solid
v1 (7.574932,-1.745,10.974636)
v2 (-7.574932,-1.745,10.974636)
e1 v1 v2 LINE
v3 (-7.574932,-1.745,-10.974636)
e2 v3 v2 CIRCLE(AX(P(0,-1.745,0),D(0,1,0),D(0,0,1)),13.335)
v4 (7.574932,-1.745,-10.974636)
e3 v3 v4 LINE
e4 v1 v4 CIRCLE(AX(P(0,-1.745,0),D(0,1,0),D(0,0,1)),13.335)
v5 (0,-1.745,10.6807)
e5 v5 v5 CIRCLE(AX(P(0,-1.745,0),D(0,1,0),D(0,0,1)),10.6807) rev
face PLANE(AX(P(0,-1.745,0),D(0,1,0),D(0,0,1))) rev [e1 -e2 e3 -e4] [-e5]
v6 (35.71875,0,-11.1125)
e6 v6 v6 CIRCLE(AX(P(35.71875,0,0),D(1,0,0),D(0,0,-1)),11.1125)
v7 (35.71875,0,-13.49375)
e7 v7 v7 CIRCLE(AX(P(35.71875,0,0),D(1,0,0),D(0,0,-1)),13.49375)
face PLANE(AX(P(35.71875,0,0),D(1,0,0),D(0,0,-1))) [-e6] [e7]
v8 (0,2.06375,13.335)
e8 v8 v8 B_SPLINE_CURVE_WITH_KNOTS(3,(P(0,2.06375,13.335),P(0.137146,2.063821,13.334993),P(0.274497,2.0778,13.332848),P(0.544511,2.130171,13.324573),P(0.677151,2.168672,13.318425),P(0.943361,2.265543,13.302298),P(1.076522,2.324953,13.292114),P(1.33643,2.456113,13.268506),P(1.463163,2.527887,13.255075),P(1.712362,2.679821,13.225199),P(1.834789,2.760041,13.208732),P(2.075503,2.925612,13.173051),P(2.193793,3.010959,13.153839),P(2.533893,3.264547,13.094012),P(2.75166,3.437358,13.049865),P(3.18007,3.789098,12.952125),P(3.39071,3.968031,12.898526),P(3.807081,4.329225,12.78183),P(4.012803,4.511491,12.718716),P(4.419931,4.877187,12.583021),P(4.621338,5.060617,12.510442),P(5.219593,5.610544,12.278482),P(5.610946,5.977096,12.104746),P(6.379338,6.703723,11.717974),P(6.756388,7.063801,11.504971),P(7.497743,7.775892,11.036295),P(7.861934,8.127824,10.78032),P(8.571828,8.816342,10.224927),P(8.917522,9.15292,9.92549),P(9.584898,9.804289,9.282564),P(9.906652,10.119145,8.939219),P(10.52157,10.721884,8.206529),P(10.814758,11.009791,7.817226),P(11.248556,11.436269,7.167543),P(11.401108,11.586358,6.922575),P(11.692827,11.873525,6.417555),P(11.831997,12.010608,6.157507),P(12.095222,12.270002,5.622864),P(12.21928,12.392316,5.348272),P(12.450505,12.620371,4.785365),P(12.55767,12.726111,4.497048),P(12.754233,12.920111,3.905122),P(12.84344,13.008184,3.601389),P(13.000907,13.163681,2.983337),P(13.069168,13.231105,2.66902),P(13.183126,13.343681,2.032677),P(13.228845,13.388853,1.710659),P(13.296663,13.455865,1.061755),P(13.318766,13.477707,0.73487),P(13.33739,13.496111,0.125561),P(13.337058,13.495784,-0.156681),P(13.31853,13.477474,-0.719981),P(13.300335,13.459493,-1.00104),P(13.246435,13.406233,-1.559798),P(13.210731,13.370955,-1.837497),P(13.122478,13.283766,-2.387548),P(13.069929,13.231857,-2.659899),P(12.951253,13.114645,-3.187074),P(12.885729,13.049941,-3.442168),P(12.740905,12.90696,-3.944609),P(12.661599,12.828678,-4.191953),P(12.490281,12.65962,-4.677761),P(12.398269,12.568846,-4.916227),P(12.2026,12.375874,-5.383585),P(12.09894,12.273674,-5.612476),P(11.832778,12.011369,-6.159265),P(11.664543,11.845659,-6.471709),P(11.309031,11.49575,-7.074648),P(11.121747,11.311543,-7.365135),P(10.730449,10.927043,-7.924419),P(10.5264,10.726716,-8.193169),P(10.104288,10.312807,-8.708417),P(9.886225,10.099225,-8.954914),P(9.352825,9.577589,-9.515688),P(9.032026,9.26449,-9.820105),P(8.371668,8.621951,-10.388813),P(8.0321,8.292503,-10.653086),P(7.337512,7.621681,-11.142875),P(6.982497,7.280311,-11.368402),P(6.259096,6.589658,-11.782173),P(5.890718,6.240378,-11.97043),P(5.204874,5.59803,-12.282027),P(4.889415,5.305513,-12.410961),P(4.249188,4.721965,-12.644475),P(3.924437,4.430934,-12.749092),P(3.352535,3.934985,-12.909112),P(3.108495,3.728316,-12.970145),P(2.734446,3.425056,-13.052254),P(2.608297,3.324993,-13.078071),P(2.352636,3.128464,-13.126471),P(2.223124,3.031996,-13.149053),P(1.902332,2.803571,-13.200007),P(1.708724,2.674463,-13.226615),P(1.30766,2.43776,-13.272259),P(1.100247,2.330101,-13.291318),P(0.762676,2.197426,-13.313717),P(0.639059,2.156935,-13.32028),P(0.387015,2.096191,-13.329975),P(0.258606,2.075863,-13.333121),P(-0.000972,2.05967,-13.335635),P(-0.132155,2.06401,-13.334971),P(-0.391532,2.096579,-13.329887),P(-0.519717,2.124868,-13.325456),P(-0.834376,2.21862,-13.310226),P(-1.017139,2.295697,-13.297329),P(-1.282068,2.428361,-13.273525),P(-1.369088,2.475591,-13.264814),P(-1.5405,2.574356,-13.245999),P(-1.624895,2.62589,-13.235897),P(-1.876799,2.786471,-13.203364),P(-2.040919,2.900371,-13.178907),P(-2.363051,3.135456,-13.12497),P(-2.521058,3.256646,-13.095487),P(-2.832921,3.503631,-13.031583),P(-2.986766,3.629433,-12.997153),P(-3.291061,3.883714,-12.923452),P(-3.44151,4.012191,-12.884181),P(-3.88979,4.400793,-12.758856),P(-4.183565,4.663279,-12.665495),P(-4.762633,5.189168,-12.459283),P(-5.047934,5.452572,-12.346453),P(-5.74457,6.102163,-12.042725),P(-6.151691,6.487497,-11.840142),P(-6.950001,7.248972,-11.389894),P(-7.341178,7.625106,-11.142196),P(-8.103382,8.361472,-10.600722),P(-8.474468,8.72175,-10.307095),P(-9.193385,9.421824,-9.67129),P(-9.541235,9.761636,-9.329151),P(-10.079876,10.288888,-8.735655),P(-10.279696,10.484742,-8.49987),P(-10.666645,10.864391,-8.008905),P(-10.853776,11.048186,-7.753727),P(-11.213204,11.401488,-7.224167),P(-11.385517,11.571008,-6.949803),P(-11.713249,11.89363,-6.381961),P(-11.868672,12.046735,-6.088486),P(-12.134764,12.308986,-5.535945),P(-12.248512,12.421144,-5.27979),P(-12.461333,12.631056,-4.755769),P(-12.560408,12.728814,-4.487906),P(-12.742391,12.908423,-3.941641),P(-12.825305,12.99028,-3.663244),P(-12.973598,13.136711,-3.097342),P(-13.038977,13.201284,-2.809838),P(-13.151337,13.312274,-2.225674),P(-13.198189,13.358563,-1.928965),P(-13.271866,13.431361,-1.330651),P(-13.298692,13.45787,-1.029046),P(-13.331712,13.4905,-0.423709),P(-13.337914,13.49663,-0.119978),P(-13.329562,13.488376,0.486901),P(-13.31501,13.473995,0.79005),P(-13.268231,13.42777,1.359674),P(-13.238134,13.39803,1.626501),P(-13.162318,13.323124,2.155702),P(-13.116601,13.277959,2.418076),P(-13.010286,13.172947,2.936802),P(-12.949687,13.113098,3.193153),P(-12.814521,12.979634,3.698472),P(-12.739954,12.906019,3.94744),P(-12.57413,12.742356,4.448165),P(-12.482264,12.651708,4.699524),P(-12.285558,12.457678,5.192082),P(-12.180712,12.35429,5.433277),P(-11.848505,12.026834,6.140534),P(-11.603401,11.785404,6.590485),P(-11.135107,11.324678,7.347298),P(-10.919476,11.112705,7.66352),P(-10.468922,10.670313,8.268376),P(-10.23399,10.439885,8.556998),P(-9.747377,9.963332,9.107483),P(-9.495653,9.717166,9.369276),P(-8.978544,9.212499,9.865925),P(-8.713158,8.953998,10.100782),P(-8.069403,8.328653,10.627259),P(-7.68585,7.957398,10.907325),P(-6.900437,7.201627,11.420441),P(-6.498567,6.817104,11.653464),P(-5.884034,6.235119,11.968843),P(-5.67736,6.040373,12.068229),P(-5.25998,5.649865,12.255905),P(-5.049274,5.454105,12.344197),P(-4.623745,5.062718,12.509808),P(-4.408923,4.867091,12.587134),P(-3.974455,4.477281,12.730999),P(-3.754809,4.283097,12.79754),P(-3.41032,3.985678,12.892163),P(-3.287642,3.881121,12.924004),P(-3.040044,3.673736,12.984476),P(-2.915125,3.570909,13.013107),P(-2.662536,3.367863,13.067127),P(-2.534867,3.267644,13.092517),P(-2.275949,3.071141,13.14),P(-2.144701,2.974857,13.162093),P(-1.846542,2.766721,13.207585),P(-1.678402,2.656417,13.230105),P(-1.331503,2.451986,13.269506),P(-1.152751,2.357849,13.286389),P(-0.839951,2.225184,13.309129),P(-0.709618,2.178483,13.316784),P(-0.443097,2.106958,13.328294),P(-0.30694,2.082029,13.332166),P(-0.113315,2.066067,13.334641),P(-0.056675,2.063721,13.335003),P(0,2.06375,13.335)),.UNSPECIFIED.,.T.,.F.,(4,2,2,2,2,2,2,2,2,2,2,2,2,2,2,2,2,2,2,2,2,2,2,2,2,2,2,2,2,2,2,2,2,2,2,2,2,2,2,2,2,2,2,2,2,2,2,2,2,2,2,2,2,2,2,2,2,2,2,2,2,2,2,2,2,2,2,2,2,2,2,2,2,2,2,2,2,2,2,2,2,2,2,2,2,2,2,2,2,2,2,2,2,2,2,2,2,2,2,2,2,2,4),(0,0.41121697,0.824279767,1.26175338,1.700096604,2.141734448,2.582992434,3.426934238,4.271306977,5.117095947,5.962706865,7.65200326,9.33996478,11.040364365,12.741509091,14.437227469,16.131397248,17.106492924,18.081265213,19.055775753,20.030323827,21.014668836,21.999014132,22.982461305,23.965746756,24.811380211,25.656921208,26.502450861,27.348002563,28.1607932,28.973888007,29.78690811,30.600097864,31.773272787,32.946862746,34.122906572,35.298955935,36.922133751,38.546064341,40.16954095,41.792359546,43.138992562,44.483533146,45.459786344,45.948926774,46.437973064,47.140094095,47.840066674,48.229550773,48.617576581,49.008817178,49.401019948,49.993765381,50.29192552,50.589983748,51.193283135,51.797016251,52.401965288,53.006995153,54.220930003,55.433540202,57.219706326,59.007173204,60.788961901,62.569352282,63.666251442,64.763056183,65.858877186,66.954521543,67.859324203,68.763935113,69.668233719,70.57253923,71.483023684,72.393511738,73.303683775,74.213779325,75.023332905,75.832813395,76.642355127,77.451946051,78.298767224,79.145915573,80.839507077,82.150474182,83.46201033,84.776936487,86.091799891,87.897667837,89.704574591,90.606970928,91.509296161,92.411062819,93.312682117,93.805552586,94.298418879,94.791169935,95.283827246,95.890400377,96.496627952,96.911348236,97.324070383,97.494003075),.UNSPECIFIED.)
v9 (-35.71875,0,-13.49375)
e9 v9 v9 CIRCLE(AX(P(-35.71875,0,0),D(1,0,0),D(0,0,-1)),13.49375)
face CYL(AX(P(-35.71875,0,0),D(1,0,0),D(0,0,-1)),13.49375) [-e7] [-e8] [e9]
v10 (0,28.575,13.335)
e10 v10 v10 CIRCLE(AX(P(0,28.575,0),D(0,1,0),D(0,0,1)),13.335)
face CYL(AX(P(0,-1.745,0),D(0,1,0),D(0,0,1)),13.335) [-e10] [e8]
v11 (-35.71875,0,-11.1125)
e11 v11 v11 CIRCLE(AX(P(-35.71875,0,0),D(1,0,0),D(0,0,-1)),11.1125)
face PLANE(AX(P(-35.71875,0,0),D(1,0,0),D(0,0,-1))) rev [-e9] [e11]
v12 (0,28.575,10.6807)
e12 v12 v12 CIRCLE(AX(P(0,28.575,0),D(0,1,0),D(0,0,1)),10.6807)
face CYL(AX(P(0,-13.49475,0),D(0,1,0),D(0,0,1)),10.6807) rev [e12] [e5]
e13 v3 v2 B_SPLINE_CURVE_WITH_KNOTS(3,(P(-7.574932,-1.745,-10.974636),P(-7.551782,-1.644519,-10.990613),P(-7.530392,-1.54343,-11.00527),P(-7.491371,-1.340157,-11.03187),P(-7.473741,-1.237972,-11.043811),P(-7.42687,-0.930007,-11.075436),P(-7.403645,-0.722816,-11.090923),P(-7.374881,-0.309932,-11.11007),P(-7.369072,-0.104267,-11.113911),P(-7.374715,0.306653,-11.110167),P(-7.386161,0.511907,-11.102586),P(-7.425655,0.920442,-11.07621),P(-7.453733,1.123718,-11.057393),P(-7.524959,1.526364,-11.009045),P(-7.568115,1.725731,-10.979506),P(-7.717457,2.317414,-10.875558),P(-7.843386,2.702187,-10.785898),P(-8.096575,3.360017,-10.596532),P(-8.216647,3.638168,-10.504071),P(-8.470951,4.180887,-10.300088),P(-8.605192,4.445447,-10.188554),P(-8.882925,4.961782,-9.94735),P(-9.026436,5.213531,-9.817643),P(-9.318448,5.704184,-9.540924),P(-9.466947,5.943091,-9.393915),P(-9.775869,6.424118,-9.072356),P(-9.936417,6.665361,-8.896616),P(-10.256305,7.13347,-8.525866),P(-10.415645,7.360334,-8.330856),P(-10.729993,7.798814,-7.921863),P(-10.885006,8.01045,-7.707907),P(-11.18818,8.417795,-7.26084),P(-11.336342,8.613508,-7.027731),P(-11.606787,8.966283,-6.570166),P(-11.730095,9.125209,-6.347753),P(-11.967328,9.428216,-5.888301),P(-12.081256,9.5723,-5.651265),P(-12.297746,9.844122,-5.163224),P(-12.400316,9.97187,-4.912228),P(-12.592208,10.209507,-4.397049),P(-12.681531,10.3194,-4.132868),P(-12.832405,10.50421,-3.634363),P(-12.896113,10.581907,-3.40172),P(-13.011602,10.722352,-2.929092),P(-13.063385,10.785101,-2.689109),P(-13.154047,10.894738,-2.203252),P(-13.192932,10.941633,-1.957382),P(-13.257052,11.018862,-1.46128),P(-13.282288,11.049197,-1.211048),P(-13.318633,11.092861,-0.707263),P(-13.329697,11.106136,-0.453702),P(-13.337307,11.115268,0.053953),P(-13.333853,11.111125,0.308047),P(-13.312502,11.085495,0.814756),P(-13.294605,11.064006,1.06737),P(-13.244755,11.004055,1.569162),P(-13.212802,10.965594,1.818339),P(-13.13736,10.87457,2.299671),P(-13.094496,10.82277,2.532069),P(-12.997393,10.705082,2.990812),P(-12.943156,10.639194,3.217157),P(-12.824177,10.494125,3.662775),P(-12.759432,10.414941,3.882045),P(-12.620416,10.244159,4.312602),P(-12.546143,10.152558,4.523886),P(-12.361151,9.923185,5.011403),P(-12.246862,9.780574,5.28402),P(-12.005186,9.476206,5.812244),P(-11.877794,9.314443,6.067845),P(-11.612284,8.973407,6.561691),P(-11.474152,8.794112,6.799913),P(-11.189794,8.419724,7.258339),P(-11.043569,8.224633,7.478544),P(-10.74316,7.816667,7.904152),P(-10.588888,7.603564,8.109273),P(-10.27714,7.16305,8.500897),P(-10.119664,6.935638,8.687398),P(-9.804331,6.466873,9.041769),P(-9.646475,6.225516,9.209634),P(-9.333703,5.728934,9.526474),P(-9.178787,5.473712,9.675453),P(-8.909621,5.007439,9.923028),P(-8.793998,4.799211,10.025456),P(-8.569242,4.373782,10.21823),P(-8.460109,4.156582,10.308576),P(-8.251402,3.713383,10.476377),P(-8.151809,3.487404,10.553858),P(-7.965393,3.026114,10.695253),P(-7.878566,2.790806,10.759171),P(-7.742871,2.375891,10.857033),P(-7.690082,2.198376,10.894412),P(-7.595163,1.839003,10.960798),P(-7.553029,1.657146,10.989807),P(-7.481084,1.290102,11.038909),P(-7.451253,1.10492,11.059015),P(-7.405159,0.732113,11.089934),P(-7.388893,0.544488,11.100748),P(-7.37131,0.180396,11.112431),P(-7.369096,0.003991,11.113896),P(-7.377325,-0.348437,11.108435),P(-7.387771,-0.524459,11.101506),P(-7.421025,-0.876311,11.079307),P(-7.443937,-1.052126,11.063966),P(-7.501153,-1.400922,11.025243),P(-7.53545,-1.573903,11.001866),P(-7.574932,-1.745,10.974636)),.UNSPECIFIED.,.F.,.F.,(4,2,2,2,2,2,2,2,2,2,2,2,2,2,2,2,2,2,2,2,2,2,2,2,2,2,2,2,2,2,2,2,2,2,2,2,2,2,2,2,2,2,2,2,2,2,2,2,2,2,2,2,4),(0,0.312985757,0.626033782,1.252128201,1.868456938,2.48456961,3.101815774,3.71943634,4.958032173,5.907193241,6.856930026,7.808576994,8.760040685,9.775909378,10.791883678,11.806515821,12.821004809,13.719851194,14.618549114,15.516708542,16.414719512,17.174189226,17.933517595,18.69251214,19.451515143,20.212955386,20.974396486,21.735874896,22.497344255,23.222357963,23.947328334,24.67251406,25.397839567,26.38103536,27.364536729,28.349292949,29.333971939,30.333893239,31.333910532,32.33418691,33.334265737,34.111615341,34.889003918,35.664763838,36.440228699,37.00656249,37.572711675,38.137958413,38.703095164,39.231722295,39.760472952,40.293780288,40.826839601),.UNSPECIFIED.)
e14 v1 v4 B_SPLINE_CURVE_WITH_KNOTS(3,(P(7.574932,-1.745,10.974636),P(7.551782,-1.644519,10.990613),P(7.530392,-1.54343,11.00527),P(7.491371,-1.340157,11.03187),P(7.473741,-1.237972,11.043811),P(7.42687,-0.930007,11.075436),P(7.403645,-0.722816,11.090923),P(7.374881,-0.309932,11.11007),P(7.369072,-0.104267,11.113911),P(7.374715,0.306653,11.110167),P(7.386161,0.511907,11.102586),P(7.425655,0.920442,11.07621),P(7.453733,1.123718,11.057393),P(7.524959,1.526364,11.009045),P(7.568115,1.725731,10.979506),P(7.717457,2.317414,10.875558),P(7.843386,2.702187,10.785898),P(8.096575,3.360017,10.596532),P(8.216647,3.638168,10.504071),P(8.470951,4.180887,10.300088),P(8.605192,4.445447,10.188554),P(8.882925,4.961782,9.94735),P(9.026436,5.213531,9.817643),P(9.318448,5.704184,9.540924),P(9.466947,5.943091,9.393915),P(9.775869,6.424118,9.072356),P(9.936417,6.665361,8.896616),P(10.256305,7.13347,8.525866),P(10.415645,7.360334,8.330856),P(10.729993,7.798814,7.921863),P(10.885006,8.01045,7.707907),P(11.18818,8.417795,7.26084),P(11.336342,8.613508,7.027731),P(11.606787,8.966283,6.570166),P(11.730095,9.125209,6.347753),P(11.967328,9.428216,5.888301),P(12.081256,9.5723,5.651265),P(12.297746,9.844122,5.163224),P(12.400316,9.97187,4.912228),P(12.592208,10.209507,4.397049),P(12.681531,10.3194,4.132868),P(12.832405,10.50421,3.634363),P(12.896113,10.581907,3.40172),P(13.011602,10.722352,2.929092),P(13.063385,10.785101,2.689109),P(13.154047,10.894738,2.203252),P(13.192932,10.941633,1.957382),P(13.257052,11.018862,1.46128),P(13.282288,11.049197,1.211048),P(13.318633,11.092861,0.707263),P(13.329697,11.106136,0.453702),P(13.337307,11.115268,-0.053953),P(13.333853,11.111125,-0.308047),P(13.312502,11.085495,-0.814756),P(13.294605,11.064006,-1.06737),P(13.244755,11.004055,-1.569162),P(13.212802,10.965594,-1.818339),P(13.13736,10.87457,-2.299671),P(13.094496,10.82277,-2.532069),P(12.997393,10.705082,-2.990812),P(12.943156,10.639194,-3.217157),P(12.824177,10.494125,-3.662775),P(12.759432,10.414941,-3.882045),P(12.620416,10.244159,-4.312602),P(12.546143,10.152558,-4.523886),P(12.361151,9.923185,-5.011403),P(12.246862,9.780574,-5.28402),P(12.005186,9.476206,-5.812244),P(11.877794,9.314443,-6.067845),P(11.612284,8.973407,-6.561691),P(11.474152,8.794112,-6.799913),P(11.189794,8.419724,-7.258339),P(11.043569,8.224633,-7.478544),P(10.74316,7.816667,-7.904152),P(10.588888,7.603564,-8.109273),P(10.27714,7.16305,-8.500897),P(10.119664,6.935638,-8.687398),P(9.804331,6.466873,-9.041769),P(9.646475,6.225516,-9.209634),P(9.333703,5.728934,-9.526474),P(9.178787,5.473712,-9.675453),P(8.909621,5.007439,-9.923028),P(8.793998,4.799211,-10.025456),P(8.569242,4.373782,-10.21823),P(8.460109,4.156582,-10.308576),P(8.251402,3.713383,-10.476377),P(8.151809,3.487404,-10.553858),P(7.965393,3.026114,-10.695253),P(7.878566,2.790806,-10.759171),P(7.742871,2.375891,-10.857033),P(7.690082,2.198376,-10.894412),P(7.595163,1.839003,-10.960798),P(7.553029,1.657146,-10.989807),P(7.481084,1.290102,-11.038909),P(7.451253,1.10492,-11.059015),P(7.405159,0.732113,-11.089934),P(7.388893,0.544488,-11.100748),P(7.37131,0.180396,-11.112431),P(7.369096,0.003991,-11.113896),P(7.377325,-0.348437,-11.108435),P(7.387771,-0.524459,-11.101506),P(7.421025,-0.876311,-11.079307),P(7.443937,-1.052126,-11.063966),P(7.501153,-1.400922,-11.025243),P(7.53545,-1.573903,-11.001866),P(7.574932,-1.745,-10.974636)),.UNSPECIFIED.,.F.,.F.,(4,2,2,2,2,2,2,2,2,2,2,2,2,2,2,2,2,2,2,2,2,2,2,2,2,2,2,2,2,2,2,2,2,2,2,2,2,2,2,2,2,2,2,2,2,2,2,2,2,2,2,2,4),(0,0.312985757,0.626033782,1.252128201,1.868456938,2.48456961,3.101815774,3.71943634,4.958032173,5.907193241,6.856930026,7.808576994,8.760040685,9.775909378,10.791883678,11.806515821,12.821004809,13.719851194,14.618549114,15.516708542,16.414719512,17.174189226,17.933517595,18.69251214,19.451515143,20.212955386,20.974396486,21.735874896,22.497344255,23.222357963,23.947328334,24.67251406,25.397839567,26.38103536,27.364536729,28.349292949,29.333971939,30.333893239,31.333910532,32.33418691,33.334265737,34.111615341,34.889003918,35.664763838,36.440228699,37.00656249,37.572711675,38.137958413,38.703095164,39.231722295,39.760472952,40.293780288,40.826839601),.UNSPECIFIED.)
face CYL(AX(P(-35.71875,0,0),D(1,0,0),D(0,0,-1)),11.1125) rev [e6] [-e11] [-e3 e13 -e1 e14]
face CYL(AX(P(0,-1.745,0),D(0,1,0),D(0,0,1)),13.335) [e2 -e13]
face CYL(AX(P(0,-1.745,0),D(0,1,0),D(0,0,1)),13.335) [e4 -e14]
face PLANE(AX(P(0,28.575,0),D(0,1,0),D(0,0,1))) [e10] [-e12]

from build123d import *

# Parameters (mm, degrees)
SKETCH2_R           = 13.49375
SKETCH2_R_2         = 11.1125
BOSS_EXTRUDE1_DEPTH = 35.71875
SKETCH5_R           = 13.335
BOSS_EXTRUDE2_DEPTH = 30.32
CUT_EXTRUDE1_REACH  = 44.069
SKETCH6_R           = 10.6807


with BuildPart() as part:
    # Sketch2 → Boss-Extrude1 (new body, symmetric)
    with BuildSketch(Plane(origin=(0, 0, 0), x_dir=(0, 0, -1), z_dir=(1, 0, 0))):
        Circle(SKETCH2_R)
        Circle(SKETCH2_R_2, mode=Mode.SUBTRACT)
    extrude(amount=BOSS_EXTRUDE1_DEPTH, both=True)

    # Sketch5 → Boss-Extrude2 (add)
    with BuildSketch(Plane(origin=(0, 28.575, 0), x_dir=(1, 0, 0), z_dir=(0, 1, 0))):
        Circle(SKETCH5_R)
    extrude(amount=-BOSS_EXTRUDE2_DEPTH)

    # Sketch6 → Cut-Extrude1 (cut, up to next)
    with BuildSketch(Plane(origin=(0, 28.575, 0), x_dir=(1, 0, 0), z_dir=(0, 1, 0)), mode=Mode.PRIVATE) as cut_extrude1_sk1:
        Circle(SKETCH6_R)
    cut_extrude1_tool1 = extrude(cut_extrude1_sk1.sketch, amount=-CUT_EXTRUDE1_REACH, mode=Mode.PRIVATE) & part.part
    add(cut_extrude1_tool1.solids().sort_by_distance((0, 28.575, 0))[0], mode=Mode.SUBTRACT)


solid = part.part
